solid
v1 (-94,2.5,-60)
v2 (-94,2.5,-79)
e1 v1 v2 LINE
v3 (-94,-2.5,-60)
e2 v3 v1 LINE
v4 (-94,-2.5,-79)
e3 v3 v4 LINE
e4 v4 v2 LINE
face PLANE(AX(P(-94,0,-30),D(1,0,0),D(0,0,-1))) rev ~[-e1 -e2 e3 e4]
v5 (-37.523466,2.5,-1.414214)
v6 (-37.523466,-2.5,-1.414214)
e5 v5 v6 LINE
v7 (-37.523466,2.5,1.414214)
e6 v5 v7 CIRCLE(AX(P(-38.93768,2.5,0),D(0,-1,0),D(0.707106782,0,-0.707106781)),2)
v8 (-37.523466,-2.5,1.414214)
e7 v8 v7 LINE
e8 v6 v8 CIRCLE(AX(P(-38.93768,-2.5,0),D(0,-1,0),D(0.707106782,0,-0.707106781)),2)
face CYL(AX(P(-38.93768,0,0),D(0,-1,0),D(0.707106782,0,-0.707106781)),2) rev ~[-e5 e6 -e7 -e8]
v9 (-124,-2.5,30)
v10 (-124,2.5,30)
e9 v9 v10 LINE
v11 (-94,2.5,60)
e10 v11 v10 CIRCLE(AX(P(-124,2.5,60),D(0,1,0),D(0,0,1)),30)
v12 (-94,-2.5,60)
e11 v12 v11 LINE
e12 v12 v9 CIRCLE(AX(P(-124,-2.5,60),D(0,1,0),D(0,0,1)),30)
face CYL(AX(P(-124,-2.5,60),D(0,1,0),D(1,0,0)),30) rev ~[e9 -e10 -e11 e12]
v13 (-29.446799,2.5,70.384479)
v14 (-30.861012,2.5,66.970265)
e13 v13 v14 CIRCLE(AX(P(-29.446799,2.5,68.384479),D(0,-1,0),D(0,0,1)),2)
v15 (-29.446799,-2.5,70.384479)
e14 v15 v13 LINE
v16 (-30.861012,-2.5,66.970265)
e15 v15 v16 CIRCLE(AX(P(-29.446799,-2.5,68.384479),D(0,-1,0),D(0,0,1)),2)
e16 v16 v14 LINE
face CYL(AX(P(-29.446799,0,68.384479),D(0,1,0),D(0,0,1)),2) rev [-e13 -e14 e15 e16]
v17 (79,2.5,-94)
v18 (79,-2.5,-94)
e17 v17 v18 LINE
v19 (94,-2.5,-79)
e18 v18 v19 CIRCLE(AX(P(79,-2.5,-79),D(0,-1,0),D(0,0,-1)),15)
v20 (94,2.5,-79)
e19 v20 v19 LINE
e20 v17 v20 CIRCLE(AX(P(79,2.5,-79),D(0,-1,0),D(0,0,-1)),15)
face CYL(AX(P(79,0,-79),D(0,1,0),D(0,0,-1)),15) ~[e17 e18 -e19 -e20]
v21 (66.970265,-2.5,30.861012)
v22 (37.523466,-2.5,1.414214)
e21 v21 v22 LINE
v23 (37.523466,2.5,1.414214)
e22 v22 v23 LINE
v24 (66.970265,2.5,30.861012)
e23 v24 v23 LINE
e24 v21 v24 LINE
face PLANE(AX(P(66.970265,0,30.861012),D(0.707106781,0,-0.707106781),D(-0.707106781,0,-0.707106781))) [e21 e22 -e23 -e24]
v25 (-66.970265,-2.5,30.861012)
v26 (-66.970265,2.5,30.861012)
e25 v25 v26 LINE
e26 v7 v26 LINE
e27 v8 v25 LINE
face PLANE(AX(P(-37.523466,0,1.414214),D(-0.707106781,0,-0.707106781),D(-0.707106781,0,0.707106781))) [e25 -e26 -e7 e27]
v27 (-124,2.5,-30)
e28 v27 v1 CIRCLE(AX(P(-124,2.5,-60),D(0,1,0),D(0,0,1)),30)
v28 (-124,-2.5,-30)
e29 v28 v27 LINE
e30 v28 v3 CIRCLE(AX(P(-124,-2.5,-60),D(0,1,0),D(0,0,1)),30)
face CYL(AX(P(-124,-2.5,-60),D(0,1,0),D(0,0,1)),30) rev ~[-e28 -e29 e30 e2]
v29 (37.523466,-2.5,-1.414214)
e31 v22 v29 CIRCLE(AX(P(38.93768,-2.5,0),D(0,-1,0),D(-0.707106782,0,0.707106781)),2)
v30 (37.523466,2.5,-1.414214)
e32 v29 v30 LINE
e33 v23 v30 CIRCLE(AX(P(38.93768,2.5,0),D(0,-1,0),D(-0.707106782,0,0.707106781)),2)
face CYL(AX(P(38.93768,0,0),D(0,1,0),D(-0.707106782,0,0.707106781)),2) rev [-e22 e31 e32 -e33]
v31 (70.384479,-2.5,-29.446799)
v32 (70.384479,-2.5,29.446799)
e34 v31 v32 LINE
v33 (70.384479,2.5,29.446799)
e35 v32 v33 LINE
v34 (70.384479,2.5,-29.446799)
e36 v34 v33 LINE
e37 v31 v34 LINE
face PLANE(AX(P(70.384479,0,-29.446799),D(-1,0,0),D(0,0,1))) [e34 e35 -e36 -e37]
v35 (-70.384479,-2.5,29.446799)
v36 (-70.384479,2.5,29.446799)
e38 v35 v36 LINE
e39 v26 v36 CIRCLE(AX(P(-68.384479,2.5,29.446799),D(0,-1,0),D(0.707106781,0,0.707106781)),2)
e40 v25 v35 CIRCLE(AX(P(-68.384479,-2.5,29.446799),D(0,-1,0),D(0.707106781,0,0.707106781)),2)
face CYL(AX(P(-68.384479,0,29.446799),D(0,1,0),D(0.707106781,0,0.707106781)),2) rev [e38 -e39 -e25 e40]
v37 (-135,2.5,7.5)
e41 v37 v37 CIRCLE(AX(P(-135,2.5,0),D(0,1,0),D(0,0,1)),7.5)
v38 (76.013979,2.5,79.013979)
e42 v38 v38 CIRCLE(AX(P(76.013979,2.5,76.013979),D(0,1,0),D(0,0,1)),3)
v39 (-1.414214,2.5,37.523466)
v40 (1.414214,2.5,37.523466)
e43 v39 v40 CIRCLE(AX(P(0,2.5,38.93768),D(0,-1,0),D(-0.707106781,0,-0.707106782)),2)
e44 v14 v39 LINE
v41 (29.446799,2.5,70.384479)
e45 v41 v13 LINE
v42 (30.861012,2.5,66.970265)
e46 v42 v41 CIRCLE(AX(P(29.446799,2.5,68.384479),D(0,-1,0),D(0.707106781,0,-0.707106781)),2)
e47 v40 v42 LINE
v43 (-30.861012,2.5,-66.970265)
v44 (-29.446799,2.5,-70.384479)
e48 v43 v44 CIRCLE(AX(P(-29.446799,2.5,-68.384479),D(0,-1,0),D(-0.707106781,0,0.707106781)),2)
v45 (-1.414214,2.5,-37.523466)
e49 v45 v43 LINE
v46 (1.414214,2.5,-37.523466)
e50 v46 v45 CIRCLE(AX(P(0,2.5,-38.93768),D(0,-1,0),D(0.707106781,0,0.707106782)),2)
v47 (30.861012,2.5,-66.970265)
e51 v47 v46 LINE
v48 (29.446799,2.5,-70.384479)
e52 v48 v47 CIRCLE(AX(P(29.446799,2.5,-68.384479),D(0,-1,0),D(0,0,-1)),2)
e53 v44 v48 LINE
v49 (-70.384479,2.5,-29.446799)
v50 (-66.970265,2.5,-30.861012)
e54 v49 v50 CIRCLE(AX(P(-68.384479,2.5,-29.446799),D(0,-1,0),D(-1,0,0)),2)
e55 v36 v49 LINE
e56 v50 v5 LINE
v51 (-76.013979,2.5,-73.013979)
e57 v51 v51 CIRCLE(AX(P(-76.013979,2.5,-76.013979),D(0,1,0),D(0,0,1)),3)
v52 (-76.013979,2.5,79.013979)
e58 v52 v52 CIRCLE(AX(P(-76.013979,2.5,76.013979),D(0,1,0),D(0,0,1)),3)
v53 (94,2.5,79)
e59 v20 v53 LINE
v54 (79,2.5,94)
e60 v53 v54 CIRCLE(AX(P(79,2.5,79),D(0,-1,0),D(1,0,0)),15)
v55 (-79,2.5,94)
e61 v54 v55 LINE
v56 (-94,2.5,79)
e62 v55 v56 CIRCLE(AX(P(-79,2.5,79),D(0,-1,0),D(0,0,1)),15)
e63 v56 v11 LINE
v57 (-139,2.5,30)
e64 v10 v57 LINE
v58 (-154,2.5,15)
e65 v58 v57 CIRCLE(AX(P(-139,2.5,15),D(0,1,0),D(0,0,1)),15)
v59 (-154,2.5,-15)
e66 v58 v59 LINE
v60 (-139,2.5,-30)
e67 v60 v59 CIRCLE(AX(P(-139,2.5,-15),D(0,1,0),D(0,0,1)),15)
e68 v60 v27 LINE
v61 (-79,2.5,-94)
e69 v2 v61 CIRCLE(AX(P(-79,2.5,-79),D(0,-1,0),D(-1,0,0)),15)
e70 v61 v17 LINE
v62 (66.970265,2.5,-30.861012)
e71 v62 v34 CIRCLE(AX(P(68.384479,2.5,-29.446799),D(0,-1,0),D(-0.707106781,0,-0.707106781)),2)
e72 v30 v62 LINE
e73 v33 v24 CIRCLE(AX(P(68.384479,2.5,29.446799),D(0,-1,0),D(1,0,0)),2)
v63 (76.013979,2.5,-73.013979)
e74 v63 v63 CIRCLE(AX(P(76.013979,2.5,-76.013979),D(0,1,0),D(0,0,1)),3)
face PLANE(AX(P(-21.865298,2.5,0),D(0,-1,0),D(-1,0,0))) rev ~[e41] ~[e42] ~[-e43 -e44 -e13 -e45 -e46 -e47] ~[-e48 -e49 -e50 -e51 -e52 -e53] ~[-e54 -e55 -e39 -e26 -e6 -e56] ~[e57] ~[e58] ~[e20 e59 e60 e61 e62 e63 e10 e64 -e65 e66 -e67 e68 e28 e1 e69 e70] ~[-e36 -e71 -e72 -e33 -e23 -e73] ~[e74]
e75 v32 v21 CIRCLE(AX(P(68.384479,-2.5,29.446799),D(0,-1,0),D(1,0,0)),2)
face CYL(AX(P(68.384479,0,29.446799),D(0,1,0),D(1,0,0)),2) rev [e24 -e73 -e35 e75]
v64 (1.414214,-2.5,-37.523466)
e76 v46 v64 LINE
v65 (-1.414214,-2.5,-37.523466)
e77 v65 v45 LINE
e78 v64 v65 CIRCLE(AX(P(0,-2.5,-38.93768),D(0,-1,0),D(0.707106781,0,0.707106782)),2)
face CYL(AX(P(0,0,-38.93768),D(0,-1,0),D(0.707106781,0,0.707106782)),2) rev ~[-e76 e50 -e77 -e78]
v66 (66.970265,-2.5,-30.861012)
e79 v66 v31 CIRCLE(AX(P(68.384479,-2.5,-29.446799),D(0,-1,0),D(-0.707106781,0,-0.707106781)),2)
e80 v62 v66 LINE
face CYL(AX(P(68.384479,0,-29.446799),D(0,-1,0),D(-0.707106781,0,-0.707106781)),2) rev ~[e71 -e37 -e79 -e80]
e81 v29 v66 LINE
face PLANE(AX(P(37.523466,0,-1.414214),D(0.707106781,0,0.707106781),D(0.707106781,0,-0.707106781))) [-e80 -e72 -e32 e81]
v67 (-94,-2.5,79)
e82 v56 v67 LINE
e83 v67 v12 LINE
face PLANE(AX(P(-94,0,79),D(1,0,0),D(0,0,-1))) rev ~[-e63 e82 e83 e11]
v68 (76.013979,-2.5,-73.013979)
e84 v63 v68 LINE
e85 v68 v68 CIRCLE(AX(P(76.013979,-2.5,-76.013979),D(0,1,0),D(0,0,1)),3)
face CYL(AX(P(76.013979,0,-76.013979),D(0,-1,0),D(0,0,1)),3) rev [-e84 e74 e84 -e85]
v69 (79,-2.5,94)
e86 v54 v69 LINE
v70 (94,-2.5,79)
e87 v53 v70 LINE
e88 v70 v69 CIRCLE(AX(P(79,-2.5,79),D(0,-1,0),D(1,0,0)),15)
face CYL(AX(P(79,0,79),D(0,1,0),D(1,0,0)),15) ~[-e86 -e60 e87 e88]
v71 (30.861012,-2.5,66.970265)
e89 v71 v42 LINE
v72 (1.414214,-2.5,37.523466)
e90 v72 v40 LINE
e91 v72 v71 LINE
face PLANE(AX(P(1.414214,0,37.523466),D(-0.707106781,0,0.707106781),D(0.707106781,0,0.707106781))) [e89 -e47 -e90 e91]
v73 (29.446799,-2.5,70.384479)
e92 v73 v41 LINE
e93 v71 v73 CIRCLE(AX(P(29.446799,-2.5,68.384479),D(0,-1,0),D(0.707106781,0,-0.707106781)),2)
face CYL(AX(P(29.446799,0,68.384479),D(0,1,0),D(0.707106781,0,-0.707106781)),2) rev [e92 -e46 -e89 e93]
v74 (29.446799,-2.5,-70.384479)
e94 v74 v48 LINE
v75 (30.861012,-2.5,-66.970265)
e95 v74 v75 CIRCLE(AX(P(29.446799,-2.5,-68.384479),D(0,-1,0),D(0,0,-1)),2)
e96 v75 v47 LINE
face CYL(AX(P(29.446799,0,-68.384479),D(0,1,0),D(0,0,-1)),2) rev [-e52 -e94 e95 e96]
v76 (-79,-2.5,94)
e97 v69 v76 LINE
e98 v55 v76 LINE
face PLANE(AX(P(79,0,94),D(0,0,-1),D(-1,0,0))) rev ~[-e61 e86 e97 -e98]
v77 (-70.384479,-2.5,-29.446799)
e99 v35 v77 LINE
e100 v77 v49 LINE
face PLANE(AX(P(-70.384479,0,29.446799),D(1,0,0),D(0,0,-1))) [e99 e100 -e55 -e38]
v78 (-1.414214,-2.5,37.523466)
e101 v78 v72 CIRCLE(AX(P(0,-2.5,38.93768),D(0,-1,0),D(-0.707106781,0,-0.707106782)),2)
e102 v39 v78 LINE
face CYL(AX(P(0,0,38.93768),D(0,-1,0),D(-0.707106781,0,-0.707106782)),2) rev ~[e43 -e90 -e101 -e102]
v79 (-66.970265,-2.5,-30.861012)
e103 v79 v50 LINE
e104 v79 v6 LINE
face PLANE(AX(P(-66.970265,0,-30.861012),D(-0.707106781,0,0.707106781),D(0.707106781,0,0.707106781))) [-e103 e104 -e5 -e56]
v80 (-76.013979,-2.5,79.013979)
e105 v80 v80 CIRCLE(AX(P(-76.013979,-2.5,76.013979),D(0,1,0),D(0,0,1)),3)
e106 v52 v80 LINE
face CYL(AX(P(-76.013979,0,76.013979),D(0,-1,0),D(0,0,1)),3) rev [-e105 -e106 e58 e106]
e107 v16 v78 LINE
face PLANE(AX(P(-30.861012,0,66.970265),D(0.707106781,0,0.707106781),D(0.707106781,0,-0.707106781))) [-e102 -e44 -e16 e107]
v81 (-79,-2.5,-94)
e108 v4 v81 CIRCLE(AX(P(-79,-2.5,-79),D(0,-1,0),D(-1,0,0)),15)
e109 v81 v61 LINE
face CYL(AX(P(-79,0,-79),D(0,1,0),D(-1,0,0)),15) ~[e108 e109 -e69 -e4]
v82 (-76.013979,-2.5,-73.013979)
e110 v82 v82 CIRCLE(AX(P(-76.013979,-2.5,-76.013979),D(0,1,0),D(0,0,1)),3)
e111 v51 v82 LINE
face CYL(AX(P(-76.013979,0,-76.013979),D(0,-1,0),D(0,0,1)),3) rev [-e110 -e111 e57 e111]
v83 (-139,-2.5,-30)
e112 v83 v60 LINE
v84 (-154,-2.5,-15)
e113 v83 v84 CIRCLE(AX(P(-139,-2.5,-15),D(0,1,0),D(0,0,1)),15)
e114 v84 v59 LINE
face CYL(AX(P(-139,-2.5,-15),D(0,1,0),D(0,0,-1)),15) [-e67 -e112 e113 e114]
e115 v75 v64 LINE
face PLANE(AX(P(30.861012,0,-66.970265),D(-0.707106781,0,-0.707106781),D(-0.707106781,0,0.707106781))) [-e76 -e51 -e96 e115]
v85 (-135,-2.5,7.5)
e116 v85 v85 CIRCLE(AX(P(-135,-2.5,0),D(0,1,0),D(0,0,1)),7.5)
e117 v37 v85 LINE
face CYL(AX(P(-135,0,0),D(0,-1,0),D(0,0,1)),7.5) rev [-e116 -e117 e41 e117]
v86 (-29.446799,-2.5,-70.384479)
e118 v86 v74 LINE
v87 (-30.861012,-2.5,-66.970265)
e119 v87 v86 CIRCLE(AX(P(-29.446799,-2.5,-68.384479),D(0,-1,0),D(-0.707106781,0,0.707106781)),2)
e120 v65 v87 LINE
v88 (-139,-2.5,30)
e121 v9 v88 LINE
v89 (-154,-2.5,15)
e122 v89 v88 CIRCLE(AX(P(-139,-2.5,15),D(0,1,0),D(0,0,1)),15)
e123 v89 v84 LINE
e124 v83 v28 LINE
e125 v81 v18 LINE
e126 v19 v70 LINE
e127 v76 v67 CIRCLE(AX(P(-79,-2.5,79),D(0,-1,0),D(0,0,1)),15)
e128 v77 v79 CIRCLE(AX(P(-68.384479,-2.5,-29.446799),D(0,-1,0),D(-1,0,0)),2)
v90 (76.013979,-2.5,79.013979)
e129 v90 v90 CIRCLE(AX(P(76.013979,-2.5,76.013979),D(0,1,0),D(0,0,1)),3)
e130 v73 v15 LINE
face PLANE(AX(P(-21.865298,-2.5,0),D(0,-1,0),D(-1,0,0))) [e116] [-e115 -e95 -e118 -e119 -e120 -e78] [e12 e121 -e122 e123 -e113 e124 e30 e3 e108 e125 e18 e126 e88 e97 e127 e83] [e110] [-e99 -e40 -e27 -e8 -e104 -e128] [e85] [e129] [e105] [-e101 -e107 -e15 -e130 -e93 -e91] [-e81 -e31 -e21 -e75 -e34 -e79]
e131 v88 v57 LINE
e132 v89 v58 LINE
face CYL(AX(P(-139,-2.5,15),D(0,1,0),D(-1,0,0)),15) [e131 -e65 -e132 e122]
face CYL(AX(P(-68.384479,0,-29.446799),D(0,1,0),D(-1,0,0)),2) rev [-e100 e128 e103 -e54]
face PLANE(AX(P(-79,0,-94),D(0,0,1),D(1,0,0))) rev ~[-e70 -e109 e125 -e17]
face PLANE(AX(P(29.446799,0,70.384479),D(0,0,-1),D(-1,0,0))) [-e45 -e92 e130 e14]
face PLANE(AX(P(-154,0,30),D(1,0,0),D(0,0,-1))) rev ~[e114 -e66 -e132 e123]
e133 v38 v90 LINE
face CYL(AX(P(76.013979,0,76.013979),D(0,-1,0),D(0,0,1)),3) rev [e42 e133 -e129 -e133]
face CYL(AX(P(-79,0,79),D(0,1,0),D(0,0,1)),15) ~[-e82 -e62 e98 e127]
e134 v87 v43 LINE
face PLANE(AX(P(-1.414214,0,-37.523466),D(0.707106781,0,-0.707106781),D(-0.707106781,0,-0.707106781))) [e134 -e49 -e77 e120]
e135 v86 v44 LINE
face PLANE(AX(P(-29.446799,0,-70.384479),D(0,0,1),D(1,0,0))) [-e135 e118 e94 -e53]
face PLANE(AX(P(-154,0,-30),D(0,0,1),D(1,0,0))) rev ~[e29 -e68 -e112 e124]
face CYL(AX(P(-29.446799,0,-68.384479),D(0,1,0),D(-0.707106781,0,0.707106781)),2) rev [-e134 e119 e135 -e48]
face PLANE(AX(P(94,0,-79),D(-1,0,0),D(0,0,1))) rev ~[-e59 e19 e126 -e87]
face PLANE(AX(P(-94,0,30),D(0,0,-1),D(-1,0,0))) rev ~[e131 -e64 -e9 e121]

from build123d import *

# Parameters (mm, degrees)
SKETCH1_R           = 3
SKETCH1_R_2         = 7.5
BOSS_EXTRUDE1_DEPTH = 2.5
FILLET1_R           = 30
FILLET2_R           = 15


with BuildPart() as part:
    # Sketch1 → Boss-Extrude1 (new, symmetric)
    with BuildSketch(Plane(origin=(0, 0, 0), x_dir=(1, 0, 0), z_dir=(0, 1, 0))):
        with BuildLine():
            Line((-79, 94), (79, 94))
            ThreePointArc((79, 94), (89.606601718, 89.606601718), (94, 79))
            Line((94, 79), (94, -79))
            ThreePointArc((94, -79), (89.606601718, -89.606601718), (79, -94))
            Line((79, -94), (-79, -94))
            ThreePointArc((-79, -94), (-89.606601718, -89.606601718), (-94, -79))
            Line((-94, -79), (-94, -30))
            Line((-94, -30), (-154, -30))
            Line((-154, -30), (-154, 30))
            Line((-154, 30), (-94, 30))
            Line((-94, 30), (-94, 79))
            ThreePointArc((-94, 79), (-89.606601718, 89.606601718), (-79, 94))
        make_face()
        with Locations(Location((-76.013978978, 76.013978978, 0), (0, 0, 270))):
            Circle(SKETCH1_R, mode=Mode.SUBTRACT)
        with Locations(Location((76.013978978, 76.013978978, 0), (0, 0, 270))):
            Circle(SKETCH1_R, mode=Mode.SUBTRACT)
        with Locations(Location((76.013978978, -76.013978978, 0), (0, 0, 270))):
            Circle(SKETCH1_R, mode=Mode.SUBTRACT)
        with Locations(Location((-76.013978978, -76.013978978, 0), (0, 0, 270))):
            Circle(SKETCH1_R, mode=Mode.SUBTRACT)
        with Locations(Location((-135, 0, 0), (0, 0, 270))):
            Circle(SKETCH1_R_2, mode=Mode.SUBTRACT)
        with BuildLine():
            Line((29.446798758, -70.384478511), (-29.446798758, -70.384478511))
            ThreePointArc((-29.446798758, -70.384478511), (-31.294557823, -69.149845375), (-30.86101232, -66.970264948))
            Line((-30.86101232, -66.970264948), (-1.414213562, -37.52346619))
            ThreePointArc((-1.414213562, -37.52346619), (0, -36.937679753), (1.414213562, -37.52346619))
            Line((1.414213562, -37.52346619), (30.86101232, -66.970264948))
            ThreePointArc((30.86101232, -66.970264948), (31.294557823, -69.149845375), (29.446798758, -70.384478511))
        make_face(mode=Mode.SUBTRACT)
        with BuildLine():
            Line((-70.384478511, -29.446798758), (-70.384478511, 29.446798758))
            ThreePointArc((-70.384478511, 29.446798758), (-69.149845375, 31.294557823), (-66.970264948, 30.86101232))
            Line((-66.970264948, 30.86101232), (-37.52346619, 1.414213562))
            ThreePointArc((-37.52346619, 1.414213562), (-36.937679753, 0), (-37.52346619, -1.414213562))
            Line((-37.52346619, -1.414213562), (-66.970264948, -30.86101232))
            ThreePointArc((-66.970264948, -30.86101232), (-69.149845375, -31.294557823), (-70.384478511, -29.446798758))
        make_face(mode=Mode.SUBTRACT)
        with BuildLine():
            Line((-29.446798758, 70.384478511), (29.446798758, 70.384478511))
            ThreePointArc((29.446798758, 70.384478511), (31.294557823, 69.149845375), (30.86101232, 66.970264948))
            Line((30.86101232, 66.970264948), (1.414213562, 37.52346619))
            ThreePointArc((1.414213562, 37.52346619), (0, 36.937679753), (-1.414213562, 37.52346619))
            Line((-1.414213562, 37.52346619), (-30.86101232, 66.970264948))
            ThreePointArc((-30.86101232, 66.970264948), (-31.294557823, 69.149845375), (-29.446798758, 70.384478511))
        make_face(mode=Mode.SUBTRACT)
        with BuildLine():
            Line((70.384478511, 29.446798758), (70.384478511, -29.446798758))
            ThreePointArc((70.384478511, -29.446798758), (69.149845375, -31.294557823), (66.970264948, -30.86101232))
            Line((66.970264948, -30.86101232), (37.52346619, -1.414213562))
            ThreePointArc((37.52346619, -1.414213562), (36.937679753, 0), (37.52346619, 1.414213562))
            Line((37.52346619, 1.414213562), (66.970264948, 30.86101232))
            ThreePointArc((66.970264948, 30.86101232), (69.149845375, 31.294557823), (70.384478511, 29.446798758))
        make_face(mode=Mode.SUBTRACT)
    extrude(amount=BOSS_EXTRUDE1_DEPTH, both=True)

    # Fillet1
    fillet1_edges = [part.edges().sort_by_distance(p)[0] for p in [
        (-94, 0, 30),
        (-94, 0, -30),
    ]]
    fillet(fillet1_edges, radius=FILLET1_R)

    # Fillet2
    fillet2_edges = [part.edges().sort_by_distance(p)[0] for p in [
        (-154, 0, 30),
        (-154, 0, -30),
    ]]
    fillet(fillet2_edges, radius=FILLET2_R)


solid = part.part
